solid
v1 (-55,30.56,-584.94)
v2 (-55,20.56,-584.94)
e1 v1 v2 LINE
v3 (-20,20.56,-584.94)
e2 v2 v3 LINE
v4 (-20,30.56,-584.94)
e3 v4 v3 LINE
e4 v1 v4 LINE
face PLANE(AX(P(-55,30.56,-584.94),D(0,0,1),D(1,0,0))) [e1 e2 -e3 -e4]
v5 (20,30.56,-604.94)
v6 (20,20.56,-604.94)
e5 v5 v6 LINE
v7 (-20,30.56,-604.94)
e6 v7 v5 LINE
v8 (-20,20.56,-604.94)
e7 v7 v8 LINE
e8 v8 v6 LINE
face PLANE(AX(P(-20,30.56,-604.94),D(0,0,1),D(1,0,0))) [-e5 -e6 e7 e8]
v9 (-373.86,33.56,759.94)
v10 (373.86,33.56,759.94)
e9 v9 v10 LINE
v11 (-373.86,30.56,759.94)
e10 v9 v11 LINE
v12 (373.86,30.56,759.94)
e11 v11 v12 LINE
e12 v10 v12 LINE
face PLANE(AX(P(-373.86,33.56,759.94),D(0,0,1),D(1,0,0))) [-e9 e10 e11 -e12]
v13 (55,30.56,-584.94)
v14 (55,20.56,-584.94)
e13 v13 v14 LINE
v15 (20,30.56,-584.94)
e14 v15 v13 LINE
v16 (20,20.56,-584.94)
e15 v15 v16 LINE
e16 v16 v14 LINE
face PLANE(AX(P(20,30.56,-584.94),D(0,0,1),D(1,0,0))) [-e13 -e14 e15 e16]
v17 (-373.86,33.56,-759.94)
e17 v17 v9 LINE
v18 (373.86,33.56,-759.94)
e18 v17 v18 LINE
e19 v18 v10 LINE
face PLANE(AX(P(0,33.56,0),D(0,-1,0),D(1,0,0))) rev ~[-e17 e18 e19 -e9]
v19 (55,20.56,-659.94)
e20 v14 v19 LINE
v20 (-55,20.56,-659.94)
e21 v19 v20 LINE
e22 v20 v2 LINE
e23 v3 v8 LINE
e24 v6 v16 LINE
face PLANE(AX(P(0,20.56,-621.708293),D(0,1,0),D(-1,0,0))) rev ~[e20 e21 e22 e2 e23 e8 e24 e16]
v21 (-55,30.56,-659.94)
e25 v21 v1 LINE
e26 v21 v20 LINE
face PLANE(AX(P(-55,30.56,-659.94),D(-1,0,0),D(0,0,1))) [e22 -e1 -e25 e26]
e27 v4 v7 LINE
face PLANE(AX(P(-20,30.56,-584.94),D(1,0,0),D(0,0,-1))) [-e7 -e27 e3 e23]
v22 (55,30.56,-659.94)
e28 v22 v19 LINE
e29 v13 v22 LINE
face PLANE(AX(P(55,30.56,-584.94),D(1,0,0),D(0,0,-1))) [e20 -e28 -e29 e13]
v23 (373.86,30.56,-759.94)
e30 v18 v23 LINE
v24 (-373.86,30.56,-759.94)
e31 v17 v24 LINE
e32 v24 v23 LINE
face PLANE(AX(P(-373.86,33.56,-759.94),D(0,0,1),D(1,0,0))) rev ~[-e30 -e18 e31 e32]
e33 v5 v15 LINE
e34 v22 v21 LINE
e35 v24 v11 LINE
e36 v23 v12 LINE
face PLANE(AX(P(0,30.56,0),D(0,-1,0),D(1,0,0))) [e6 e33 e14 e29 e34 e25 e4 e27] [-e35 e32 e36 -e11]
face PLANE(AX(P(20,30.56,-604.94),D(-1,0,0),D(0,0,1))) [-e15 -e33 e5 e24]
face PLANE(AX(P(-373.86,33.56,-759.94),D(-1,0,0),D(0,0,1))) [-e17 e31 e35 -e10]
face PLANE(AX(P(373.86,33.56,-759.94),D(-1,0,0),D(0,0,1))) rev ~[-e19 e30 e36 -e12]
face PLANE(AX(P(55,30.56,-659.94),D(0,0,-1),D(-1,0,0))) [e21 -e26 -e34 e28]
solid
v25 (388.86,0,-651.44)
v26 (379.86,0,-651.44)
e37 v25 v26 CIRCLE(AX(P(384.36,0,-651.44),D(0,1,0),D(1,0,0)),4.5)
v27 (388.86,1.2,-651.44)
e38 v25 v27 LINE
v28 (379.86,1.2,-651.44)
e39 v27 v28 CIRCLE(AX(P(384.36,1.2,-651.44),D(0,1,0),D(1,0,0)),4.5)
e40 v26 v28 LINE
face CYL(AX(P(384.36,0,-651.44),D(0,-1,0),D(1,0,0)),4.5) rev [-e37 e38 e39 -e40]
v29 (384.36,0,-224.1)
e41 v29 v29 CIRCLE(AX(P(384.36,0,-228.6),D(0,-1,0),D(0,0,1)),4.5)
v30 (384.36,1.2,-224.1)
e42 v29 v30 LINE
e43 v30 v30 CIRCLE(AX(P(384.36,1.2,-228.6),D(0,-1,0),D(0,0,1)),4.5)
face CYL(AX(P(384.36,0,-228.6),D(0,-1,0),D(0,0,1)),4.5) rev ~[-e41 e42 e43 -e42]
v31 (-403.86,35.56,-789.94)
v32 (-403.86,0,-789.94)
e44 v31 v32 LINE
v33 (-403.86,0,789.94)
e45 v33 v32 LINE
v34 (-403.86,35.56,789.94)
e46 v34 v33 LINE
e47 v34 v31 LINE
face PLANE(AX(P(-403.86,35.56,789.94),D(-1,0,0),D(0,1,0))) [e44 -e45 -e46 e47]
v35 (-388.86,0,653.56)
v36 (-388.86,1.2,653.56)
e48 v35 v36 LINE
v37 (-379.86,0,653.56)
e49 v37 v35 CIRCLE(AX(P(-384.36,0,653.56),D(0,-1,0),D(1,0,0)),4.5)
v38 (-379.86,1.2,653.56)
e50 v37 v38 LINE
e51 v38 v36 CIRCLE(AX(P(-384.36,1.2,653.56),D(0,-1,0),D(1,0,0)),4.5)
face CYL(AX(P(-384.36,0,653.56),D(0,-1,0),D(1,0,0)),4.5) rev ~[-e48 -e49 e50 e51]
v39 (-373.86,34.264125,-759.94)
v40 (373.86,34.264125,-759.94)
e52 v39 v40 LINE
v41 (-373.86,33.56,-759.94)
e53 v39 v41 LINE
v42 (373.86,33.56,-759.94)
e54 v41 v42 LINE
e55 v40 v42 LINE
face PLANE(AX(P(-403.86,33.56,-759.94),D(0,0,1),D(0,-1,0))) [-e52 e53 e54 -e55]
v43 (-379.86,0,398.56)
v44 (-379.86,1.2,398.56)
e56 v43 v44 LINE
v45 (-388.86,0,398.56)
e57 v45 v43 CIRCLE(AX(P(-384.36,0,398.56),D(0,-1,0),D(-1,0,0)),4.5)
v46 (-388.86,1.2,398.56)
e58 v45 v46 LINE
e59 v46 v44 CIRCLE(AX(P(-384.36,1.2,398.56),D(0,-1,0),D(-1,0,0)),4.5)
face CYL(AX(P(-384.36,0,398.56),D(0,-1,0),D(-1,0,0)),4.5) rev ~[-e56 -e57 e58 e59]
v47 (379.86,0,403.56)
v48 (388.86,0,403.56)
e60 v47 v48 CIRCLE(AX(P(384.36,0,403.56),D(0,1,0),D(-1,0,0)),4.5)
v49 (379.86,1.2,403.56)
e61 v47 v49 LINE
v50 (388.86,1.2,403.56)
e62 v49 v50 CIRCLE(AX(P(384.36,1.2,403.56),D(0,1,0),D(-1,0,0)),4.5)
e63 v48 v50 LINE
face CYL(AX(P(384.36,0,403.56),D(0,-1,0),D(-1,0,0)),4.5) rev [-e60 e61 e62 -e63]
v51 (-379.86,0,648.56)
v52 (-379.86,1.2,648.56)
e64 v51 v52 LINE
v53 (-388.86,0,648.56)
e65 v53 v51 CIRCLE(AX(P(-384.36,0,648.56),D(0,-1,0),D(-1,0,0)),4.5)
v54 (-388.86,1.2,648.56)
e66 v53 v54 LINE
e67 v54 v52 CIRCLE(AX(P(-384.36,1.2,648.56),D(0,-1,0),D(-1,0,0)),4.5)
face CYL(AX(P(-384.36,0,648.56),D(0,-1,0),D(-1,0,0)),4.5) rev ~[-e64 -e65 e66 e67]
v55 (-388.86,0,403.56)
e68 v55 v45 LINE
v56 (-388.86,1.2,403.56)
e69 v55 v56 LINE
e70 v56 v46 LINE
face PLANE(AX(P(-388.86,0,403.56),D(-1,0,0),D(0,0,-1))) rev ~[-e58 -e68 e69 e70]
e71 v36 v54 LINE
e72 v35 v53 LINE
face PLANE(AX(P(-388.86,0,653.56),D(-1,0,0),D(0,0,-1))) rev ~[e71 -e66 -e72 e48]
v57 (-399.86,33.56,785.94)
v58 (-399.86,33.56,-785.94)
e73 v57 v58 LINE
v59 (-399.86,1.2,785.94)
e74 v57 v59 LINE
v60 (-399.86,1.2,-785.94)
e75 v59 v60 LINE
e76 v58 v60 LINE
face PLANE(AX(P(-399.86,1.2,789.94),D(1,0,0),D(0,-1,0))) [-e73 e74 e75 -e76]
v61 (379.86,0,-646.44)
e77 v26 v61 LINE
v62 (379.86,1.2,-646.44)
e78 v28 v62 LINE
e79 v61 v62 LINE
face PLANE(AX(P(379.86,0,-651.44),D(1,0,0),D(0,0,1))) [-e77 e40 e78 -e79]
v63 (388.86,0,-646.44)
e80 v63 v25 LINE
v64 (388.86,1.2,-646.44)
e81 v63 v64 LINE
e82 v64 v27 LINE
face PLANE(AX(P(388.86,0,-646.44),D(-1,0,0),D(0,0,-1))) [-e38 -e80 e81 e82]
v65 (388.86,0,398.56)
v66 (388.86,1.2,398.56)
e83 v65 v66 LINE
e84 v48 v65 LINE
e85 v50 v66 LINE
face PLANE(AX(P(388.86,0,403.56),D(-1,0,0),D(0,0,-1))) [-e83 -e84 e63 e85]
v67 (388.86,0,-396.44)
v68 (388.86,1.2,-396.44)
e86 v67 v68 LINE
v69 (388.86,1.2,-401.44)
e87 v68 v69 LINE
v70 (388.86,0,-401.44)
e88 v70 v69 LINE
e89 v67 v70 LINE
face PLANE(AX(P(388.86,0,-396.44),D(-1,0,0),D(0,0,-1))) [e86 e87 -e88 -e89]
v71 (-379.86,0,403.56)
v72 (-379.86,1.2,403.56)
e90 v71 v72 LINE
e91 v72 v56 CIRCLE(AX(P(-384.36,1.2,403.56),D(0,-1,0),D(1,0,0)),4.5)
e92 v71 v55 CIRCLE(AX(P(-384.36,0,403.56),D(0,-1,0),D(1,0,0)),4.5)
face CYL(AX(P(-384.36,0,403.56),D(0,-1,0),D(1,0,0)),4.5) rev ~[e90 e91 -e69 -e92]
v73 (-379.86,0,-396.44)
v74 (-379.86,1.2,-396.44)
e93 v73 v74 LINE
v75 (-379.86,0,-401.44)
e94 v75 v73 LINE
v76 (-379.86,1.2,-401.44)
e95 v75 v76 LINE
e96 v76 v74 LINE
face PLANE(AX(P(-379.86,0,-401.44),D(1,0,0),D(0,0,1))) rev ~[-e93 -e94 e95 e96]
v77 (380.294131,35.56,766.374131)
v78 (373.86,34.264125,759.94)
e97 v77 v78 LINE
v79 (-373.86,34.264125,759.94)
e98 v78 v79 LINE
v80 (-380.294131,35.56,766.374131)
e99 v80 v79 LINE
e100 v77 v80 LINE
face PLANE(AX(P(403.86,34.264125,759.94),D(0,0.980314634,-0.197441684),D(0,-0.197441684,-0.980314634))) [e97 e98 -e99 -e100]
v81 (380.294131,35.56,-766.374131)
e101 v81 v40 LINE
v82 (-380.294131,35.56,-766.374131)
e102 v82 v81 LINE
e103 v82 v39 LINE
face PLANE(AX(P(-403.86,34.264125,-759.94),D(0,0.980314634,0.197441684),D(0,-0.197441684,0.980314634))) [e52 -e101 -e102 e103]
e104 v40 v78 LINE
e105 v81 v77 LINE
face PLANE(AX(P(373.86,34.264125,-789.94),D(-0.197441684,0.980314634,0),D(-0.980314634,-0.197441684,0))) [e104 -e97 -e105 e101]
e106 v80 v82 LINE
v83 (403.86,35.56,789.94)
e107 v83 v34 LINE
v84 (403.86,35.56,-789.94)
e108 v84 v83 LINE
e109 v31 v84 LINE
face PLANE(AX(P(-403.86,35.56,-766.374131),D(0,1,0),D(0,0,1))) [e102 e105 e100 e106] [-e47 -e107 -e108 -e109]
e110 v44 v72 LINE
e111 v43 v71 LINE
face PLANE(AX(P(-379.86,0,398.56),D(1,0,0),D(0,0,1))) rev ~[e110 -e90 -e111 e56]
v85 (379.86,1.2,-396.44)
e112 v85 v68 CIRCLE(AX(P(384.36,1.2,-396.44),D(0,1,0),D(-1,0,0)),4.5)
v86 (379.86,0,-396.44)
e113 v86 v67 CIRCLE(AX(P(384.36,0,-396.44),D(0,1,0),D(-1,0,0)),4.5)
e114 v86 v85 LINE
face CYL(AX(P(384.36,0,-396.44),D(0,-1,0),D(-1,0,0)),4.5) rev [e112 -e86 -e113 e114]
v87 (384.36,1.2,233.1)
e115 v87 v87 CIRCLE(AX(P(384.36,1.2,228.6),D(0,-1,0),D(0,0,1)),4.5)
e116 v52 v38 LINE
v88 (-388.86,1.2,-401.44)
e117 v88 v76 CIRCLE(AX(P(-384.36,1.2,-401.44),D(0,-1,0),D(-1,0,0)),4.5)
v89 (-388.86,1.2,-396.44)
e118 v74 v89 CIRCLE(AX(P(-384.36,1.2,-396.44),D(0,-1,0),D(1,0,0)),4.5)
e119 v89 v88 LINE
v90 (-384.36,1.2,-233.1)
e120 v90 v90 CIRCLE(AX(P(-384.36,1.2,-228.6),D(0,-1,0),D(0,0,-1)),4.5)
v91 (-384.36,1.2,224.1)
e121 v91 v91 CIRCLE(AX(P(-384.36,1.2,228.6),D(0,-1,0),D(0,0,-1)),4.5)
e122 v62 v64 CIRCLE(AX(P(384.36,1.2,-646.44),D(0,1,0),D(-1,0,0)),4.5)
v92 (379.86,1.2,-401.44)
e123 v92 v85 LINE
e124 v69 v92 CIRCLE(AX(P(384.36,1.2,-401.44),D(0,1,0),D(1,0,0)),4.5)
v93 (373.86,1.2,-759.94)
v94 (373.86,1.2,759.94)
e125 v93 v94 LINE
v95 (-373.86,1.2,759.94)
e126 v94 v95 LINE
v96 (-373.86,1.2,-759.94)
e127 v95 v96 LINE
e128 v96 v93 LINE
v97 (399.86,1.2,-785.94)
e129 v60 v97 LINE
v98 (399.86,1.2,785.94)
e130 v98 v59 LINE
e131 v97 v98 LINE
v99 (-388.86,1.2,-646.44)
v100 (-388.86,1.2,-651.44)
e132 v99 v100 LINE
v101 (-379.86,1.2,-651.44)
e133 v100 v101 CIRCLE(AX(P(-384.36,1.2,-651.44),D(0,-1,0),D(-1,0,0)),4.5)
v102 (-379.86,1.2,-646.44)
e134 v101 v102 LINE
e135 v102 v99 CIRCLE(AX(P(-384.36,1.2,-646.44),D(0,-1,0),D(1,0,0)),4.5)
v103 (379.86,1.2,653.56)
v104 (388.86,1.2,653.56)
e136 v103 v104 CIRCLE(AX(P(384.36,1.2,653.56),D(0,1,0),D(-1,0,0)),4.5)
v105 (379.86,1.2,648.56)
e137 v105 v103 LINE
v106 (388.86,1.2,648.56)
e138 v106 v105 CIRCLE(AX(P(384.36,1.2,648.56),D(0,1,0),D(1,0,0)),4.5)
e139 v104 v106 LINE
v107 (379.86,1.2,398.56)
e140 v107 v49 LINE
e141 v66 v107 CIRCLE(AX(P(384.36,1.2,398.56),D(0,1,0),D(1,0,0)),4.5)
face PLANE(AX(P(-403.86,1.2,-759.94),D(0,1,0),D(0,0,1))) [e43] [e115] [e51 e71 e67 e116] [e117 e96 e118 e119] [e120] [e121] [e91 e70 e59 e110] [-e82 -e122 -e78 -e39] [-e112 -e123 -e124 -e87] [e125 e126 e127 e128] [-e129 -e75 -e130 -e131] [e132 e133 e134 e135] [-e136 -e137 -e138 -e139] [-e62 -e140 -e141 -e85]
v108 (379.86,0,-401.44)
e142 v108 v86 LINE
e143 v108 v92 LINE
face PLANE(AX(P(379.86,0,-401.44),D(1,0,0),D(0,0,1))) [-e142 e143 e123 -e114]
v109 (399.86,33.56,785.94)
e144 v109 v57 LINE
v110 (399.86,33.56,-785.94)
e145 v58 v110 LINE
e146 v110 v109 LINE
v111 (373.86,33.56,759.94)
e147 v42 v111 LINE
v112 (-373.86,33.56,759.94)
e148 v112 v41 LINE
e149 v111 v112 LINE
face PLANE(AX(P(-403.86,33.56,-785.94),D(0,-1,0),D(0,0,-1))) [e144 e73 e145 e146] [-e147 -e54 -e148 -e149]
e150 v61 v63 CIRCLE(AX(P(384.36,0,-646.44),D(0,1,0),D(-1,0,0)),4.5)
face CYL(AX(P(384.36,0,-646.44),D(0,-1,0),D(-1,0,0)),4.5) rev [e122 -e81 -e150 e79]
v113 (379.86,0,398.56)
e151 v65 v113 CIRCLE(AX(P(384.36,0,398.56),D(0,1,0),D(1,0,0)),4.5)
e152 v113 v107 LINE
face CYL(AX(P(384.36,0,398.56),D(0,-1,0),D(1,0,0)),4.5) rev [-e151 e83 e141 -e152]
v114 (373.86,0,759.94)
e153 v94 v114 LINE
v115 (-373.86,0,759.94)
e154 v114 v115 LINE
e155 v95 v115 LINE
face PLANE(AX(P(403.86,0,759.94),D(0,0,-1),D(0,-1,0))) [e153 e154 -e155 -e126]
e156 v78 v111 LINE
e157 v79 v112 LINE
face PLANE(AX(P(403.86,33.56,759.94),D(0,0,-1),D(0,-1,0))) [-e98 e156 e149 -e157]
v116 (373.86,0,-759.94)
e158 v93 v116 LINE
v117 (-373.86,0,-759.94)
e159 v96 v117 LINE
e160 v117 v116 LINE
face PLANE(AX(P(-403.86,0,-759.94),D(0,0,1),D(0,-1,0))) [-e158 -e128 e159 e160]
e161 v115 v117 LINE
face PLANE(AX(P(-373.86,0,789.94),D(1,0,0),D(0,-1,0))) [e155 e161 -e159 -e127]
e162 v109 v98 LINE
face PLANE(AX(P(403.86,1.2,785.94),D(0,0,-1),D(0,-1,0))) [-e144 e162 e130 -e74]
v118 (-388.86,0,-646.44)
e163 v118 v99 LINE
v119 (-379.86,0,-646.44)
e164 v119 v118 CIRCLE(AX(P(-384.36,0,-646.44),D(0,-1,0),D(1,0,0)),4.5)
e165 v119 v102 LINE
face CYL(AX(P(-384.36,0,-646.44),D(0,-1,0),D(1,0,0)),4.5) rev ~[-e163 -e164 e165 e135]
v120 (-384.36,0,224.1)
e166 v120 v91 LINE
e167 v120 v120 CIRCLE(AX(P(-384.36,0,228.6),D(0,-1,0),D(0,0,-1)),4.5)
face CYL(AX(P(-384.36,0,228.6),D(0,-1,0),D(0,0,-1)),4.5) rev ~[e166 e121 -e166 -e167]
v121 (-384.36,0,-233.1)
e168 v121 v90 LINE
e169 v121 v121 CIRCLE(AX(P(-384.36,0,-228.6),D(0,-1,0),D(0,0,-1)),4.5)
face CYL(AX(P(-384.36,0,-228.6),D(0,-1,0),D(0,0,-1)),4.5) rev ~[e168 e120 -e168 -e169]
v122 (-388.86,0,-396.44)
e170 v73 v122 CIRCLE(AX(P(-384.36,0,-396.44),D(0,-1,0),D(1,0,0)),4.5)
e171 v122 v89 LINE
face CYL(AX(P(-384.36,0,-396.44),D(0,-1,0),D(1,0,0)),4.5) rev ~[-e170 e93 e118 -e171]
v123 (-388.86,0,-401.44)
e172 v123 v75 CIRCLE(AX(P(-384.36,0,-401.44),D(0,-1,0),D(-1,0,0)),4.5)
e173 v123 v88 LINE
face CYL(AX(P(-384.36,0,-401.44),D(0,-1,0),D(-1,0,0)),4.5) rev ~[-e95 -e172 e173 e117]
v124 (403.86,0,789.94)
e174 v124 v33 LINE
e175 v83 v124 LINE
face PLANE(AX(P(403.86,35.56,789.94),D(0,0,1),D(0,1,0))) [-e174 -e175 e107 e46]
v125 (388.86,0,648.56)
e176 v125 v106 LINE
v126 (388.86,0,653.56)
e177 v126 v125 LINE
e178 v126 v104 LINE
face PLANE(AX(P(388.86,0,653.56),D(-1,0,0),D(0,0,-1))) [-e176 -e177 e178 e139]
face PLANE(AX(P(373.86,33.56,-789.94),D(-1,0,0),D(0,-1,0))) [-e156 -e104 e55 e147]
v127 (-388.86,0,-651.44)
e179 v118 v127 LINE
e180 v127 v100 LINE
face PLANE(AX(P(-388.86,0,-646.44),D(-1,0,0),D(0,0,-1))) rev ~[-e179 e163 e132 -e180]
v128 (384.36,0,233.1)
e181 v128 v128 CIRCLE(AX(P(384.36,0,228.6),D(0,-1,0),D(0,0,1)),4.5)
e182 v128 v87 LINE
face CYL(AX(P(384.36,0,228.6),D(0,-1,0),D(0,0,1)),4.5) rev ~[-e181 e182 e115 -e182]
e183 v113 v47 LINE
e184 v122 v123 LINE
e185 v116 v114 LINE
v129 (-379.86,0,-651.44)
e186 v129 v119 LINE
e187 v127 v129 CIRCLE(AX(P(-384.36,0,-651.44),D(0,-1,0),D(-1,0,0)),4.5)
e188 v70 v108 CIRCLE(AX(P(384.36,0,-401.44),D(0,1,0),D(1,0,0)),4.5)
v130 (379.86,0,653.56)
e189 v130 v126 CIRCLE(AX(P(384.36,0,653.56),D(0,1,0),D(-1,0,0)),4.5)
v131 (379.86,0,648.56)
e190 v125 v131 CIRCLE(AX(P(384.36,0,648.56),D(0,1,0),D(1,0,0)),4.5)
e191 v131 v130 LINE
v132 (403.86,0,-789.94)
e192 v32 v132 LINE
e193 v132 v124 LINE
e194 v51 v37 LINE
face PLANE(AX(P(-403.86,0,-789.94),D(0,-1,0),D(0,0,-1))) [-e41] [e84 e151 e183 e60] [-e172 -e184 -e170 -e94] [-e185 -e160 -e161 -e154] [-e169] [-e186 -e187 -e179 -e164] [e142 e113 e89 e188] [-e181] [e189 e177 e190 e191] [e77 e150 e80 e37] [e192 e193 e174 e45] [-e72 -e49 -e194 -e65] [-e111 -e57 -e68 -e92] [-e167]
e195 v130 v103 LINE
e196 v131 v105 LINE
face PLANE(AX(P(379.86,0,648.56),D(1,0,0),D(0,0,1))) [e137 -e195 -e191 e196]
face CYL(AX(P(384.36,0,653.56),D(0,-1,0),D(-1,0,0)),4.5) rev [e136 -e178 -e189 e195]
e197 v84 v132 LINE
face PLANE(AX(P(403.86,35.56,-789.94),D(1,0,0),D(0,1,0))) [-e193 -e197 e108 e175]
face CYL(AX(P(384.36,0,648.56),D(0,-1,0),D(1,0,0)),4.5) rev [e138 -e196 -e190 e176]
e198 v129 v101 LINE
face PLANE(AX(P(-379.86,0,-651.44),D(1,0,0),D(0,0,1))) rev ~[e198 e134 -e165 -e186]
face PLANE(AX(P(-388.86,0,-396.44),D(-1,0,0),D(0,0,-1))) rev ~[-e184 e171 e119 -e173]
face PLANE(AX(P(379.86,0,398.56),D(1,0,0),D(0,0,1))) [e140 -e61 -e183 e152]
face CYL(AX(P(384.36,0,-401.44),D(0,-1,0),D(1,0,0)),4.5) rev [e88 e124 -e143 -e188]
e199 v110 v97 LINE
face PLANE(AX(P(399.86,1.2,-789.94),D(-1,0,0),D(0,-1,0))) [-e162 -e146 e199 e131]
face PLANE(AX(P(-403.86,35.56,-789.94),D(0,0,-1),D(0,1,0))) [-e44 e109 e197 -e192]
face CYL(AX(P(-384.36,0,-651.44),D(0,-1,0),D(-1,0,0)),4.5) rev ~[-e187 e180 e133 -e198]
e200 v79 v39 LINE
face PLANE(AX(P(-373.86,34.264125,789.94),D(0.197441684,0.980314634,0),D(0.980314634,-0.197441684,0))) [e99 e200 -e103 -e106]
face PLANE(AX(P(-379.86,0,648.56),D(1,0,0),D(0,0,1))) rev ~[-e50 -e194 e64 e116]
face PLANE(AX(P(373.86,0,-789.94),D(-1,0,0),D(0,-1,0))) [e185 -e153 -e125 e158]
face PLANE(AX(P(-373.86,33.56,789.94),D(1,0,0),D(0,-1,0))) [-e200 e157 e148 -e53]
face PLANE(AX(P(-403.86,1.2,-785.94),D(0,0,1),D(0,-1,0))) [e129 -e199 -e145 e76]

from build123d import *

# Parameters (mm, degrees)
SKETCH3_W                                 = 747.72
SKETCH3_H                                 = 1519.88
BOSS_EXTRUDE1_DEPTH                       = 3
BOSS_EXTRUDE2_DEPTH                       = 10
CUT_EXTRUDE1_DEPTH                        = 1.2
SKETCH8_R                                 = 4.5
EXTRA_CUT_HOLE_FOR_SIDE_PANEL_MOUNT_DEPTH = 1.2


with BuildPart() as part:
    # Sweep1: sweep along a path in Solar Panel Dimensions
    with BuildLine(Plane(origin=(0, 0, 0), x_dir=(1, 0, 0), z_dir=(0, 1, 0))) as sweep1_path:
        Line((-403.86, 789.94), (403.86, 789.94))
        Line((403.86, 789.94), (403.86, -789.94))
        Line((403.86, -789.94), (-403.86, -789.94))
        Line((-403.86, -789.94), (-403.86, 789.94))
    # Bracket → Sweep1 (sweep)
    with BuildSketch(Plane.XY):
        Polygon((403.86, 0), (373.86, 0), (373.86, 1.2), (399.86, 1.2), (399.86, 33.56), (373.86, 33.56), (373.86, 34.26412465), (380.294130539, 35.56), (403.86, 35.56), align=None)
    sweep(path=sweep1_path.line, transition=Transition.RIGHT)

    # Sketch5 → Cut-Extrude1 (cut)
    with BuildSketch(Plane(origin=(0, 0, 0), x_dir=(-1, 0, 0), z_dir=(0, -1, 0))):
        with BuildLine():
            Line((-379.86, 651.44), (-379.86, 646.44))
            ThreePointArc((-379.86, 646.44), (-384.36, 641.94), (-388.86, 646.44))
            Line((-388.86, 646.44), (-388.86, 651.44))
            ThreePointArc((-388.86, 651.44), (-384.36, 655.94), (-379.86, 651.44))
        make_face()
        with BuildLine():
            Line((-379.86, 401.44), (-379.86, 396.44))
            ThreePointArc((-379.86, 396.44), (-384.36, 391.94), (-388.86, 396.44))
            Line((-388.86, 396.44), (-388.86, 401.44))
            ThreePointArc((-388.86, 401.44), (-384.36, 405.94), (-379.86, 401.44))
        make_face()
        with BuildLine():
            Line((-379.86, -398.56), (-379.86, -403.56))
            ThreePointArc((-379.86, -403.56), (-384.36, -408.06), (-388.86, -403.56))
            Line((-388.86, -403.56), (-388.86, -398.56))
            ThreePointArc((-388.86, -398.56), (-384.36, -394.06), (-379.86, -398.56))
        make_face()
        with BuildLine():
            Line((-379.86, -648.56), (-379.86, -653.56))
            ThreePointArc((-379.86, -653.56), (-384.36, -658.06), (-388.86, -653.56))
            Line((-388.86, -653.56), (-388.86, -648.56))
            ThreePointArc((-388.86, -648.56), (-384.36, -644.06), (-379.86, -648.56))
        make_face()
        with BuildLine():
            Line((379.86, -648.56), (379.86, -653.56))
            ThreePointArc((379.86, -653.56), (384.36, -658.06), (388.86, -653.56))
            Line((388.86, -653.56), (388.86, -648.56))
            ThreePointArc((388.86, -648.56), (384.36, -644.06), (379.86, -648.56))
        make_face()
        with BuildLine():
            Line((379.86, 401.44), (379.86, 396.44))
            ThreePointArc((379.86, 396.44), (384.36, 391.94), (388.86, 396.44))
            Line((388.86, 396.44), (388.86, 401.44))
            ThreePointArc((388.86, 401.44), (384.36, 405.94), (379.86, 401.44))
        make_face()
        with BuildLine():
            Line((379.86, -398.56), (379.86, -403.56))
            ThreePointArc((379.86, -403.56), (384.36, -408.06), (388.86, -403.56))
            Line((388.86, -403.56), (388.86, -398.56))
            ThreePointArc((388.86, -398.56), (384.36, -394.06), (379.86, -398.56))
        make_face()
        with BuildLine():
            Line((379.86, 651.44), (379.86, 646.44))
            ThreePointArc((379.86, 646.44), (384.36, 641.94), (388.86, 646.44))
            Line((388.86, 646.44), (388.86, 651.44))
            ThreePointArc((388.86, 651.44), (384.36, 655.94), (379.86, 651.44))
        make_face()
    extrude(amount=-CUT_EXTRUDE1_DEPTH, mode=Mode.SUBTRACT)

    # Sketch8 → extra cut hole for side panel mount (cut)
    with BuildSketch(Plane.XZ):
        with Locations(Location((-384.36, 228.6, 0), (0, 0, 270))):
            Circle(SKETCH8_R)
        with Locations(Location((-384.36, -228.6, 0), (0, 0, 270))):
            Circle(SKETCH8_R)
        with Locations(Location((384.36, 228.6, 0), (0, 0, 90))):
            Circle(SKETCH8_R)
        with Locations(Location((384.36, -228.6, 0), (0, 0, 90))):
            Circle(SKETCH8_R)
    extrude(amount=-EXTRA_CUT_HOLE_FOR_SIDE_PANEL_MOUNT_DEPTH, mode=Mode.SUBTRACT)


with BuildPart() as body_2:
    # Sketch3 → Boss-Extrude1 (new body)
    with BuildSketch(Plane.XZ.offset(-33.56)):
        Rectangle(SKETCH3_W, SKETCH3_H)
    extrude(amount=BOSS_EXTRUDE1_DEPTH)

    # Sketch4 → Boss-Extrude2 (add)
    with BuildSketch(Plane.XZ.offset(-30.56)):
        Polygon((55, -659.94), (-55, -659.94), (-55, -584.94), (-20, -584.94), (-20, -604.94), (20, -604.94), (20, -584.94), (55, -584.94), align=None)
    extrude(amount=BOSS_EXTRUDE2_DEPTH)


solid = Compound([part.part, body_2.part])
